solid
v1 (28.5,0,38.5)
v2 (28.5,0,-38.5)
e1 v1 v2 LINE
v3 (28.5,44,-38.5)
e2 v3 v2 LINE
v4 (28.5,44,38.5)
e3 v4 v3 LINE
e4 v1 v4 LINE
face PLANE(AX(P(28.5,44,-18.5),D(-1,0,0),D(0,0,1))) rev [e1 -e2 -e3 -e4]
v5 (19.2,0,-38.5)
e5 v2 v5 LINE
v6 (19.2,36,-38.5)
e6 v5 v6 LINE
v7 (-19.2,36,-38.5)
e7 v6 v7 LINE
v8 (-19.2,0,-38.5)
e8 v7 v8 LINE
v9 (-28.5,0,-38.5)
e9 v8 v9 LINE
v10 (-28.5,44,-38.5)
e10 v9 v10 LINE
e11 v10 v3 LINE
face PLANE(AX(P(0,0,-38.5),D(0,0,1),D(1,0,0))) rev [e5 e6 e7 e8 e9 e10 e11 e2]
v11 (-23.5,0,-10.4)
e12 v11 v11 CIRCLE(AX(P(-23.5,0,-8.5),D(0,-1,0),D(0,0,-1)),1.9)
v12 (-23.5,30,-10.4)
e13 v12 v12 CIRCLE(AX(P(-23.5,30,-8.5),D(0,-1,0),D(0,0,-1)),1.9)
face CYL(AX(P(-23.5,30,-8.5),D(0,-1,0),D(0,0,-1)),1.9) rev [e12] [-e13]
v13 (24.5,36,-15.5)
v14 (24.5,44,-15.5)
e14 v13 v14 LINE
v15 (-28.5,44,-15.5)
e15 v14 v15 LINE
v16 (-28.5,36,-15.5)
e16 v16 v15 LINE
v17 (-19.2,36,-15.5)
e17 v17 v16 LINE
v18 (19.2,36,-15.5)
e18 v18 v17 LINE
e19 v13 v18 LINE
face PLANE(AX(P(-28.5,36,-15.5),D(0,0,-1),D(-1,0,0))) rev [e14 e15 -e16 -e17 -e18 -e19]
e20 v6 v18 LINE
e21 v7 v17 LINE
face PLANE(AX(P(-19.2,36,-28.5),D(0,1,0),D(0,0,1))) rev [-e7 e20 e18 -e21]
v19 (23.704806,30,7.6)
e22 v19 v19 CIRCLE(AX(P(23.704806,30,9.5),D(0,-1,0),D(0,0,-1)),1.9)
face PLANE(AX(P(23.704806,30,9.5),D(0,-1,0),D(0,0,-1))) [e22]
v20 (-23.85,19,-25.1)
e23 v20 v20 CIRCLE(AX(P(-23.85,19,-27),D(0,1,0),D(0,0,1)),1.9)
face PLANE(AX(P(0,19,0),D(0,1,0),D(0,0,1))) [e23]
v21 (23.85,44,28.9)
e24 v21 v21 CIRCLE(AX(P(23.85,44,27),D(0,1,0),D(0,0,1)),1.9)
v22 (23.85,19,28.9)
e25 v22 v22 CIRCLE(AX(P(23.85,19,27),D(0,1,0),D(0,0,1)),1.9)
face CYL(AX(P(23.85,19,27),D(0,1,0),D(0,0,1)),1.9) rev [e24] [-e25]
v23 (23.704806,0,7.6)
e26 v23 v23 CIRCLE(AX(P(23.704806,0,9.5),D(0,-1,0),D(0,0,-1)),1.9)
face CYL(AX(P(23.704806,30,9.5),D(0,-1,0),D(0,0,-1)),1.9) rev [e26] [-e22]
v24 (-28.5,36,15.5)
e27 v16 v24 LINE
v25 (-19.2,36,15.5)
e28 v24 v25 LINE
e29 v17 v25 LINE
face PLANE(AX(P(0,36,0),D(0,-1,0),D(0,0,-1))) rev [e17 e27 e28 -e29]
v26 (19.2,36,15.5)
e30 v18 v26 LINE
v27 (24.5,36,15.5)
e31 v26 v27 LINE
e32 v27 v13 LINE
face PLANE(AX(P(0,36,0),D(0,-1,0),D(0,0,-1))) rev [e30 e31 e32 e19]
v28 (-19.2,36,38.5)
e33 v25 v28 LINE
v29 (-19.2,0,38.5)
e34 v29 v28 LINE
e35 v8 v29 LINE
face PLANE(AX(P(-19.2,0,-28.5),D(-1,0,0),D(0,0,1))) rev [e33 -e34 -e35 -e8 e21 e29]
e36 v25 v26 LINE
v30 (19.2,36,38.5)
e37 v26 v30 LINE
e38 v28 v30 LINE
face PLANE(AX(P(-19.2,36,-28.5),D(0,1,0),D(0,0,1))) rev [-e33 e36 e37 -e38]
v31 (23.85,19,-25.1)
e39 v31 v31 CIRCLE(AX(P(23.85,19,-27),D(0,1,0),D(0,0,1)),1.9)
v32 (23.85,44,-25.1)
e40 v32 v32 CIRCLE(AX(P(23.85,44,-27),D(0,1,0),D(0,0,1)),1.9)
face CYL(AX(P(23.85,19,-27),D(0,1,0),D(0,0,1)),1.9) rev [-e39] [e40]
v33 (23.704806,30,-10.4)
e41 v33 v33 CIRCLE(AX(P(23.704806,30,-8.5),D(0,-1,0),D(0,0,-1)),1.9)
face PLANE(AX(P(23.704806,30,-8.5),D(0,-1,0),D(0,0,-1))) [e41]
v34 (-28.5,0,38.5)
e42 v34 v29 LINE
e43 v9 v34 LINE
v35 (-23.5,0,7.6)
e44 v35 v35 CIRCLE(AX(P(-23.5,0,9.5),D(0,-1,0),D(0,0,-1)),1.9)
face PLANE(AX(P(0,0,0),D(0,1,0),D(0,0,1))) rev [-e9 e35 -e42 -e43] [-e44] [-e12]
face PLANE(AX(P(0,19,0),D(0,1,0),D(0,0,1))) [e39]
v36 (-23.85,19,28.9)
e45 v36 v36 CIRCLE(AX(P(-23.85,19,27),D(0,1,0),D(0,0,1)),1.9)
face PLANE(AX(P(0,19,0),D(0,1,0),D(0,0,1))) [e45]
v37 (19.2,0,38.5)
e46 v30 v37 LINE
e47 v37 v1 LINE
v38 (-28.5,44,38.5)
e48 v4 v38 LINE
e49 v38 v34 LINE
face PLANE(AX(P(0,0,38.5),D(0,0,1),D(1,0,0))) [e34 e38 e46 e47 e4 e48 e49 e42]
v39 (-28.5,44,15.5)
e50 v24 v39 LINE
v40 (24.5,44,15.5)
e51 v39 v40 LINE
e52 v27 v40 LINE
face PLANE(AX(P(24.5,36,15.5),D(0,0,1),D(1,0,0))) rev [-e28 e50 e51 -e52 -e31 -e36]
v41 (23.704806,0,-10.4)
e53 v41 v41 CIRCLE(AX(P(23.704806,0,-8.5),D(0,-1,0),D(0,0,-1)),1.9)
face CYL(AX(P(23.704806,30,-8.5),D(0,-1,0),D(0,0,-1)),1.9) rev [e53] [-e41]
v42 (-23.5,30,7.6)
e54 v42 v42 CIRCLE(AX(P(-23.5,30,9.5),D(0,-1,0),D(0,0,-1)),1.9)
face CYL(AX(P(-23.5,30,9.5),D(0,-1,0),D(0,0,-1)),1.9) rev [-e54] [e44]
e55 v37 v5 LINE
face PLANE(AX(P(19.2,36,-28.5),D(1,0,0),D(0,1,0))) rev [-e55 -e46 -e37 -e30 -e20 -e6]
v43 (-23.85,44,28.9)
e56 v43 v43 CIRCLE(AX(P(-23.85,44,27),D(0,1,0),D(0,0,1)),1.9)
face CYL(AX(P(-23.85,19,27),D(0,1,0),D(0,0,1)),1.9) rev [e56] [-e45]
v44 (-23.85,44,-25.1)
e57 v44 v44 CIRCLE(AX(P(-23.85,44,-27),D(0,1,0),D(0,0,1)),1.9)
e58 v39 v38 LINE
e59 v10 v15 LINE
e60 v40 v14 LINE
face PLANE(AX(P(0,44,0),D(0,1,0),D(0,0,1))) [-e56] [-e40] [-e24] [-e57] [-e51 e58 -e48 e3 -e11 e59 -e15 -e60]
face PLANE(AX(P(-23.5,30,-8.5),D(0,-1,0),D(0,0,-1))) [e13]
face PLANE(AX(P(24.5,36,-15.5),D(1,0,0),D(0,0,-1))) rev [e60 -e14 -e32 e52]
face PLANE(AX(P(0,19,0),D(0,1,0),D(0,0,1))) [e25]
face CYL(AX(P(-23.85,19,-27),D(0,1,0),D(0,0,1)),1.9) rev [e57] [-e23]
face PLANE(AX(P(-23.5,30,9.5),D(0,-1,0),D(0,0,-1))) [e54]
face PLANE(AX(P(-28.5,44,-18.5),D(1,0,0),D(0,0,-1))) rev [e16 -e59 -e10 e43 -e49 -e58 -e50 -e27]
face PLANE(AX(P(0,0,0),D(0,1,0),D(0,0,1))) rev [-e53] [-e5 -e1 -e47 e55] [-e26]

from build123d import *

# Parameters (mm, degrees)
SKETCH1_W           = 57
SKETCH1_H           = 37
BOSS_EXTRUDE1_DEPTH = 44
SKETCH2_W           = 38.4
SKETCH2_H           = 36
CUT_EXTRUDE1_DEPTH  = 47
SKETCH4_R           = 1.9
CUT_EXTRUDE3_DEPTH  = 30
BOSS_EXTRUDE2_DEPTH = 20
BOSS_EXTRUDE3_DEPTH = 20
SKETCH7_W           = 53
SKETCH7_H           = 31
CUT_EXTRUDE4_DEPTH  = 8
SKETCH8_R           = 1.9
CUT_EXTRUDE5_DEPTH  = 25


with BuildPart() as part:
    # Sketch1 → Boss-Extrude1 (new body)
    with BuildSketch(Plane(origin=(0, 0, 0), x_dir=(1, 0, 0), z_dir=(0, 1, 0))):
        Rectangle(SKETCH1_W, SKETCH1_H)
    extrude(amount=BOSS_EXTRUDE1_DEPTH)

    # Sketch2 → Cut-Extrude1 (cut)
    with BuildSketch(Plane.XY.offset(18.5)):
        with Locations((0, 18)):
            Rectangle(SKETCH2_W, SKETCH2_H)
    extrude(amount=-CUT_EXTRUDE1_DEPTH, mode=Mode.SUBTRACT)

    # Sketch4 → Cut-Extrude3 (cut)
    with BuildSketch(Plane.XZ):
        with Locations((23.704806449, 9.5)):
            Circle(SKETCH4_R)
        with Locations((23.704806449, -8.5)):
            Circle(SKETCH4_R)
        with Locations((-23.5, 9.5)):
            Circle(SKETCH4_R)
        with Locations((-23.5, -8.5)):
            Circle(SKETCH4_R)
    extrude(amount=-CUT_EXTRUDE3_DEPTH, mode=Mode.SUBTRACT)

    # Sketch5 → Boss-Extrude2 (add)
    with BuildSketch(Plane(origin=(0, 0, -18.5), x_dir=(-1, 0, 0), z_dir=(0, 0, -1))):
        Polygon((-19.2, 36), (19.2, 36), (19.2, 0), (28.5, 0), (28.5, 44), (-28.5, 44), (-28.5, 0), (-19.2, 0), align=None)
    extrude(amount=BOSS_EXTRUDE2_DEPTH)

    # Sketch6 → Boss-Extrude3 (add)
    with BuildSketch(Plane.XY.offset(18.5)):
        Polygon((-28.5, 0), (-19.2, 0), (-19.2, 36), (19.2, 36), (19.2, 0), (28.5, 0), (28.5, 44), (-28.5, 44), align=None)
    extrude(amount=BOSS_EXTRUDE3_DEPTH)

    # Sketch7 → Cut-Extrude4 (cut)
    with BuildSketch(Plane(origin=(0, 44, 0), x_dir=(1, 0, 0), z_dir=(0, 1, 0))):
        with Locations((-2, 0)):
            Rectangle(SKETCH7_W, SKETCH7_H)
    extrude(amount=-CUT_EXTRUDE4_DEPTH, mode=Mode.SUBTRACT)

    # Sketch8 → Cut-Extrude5 (cut)
    with BuildSketch(Plane(origin=(0, 44, 0), x_dir=(1, 0, 0), z_dir=(0, 1, 0))):
        with Locations((-23.85, 27)):
            Circle(SKETCH8_R)
        with Locations((23.85, 27)):
            Circle(SKETCH8_R)
        with Locations((-23.85, -27)):
            Circle(SKETCH8_R)
        with Locations((23.85, -27)):
            Circle(SKETCH8_R)
    extrude(amount=-CUT_EXTRUDE5_DEPTH, mode=Mode.SUBTRACT)


solid = part.part
